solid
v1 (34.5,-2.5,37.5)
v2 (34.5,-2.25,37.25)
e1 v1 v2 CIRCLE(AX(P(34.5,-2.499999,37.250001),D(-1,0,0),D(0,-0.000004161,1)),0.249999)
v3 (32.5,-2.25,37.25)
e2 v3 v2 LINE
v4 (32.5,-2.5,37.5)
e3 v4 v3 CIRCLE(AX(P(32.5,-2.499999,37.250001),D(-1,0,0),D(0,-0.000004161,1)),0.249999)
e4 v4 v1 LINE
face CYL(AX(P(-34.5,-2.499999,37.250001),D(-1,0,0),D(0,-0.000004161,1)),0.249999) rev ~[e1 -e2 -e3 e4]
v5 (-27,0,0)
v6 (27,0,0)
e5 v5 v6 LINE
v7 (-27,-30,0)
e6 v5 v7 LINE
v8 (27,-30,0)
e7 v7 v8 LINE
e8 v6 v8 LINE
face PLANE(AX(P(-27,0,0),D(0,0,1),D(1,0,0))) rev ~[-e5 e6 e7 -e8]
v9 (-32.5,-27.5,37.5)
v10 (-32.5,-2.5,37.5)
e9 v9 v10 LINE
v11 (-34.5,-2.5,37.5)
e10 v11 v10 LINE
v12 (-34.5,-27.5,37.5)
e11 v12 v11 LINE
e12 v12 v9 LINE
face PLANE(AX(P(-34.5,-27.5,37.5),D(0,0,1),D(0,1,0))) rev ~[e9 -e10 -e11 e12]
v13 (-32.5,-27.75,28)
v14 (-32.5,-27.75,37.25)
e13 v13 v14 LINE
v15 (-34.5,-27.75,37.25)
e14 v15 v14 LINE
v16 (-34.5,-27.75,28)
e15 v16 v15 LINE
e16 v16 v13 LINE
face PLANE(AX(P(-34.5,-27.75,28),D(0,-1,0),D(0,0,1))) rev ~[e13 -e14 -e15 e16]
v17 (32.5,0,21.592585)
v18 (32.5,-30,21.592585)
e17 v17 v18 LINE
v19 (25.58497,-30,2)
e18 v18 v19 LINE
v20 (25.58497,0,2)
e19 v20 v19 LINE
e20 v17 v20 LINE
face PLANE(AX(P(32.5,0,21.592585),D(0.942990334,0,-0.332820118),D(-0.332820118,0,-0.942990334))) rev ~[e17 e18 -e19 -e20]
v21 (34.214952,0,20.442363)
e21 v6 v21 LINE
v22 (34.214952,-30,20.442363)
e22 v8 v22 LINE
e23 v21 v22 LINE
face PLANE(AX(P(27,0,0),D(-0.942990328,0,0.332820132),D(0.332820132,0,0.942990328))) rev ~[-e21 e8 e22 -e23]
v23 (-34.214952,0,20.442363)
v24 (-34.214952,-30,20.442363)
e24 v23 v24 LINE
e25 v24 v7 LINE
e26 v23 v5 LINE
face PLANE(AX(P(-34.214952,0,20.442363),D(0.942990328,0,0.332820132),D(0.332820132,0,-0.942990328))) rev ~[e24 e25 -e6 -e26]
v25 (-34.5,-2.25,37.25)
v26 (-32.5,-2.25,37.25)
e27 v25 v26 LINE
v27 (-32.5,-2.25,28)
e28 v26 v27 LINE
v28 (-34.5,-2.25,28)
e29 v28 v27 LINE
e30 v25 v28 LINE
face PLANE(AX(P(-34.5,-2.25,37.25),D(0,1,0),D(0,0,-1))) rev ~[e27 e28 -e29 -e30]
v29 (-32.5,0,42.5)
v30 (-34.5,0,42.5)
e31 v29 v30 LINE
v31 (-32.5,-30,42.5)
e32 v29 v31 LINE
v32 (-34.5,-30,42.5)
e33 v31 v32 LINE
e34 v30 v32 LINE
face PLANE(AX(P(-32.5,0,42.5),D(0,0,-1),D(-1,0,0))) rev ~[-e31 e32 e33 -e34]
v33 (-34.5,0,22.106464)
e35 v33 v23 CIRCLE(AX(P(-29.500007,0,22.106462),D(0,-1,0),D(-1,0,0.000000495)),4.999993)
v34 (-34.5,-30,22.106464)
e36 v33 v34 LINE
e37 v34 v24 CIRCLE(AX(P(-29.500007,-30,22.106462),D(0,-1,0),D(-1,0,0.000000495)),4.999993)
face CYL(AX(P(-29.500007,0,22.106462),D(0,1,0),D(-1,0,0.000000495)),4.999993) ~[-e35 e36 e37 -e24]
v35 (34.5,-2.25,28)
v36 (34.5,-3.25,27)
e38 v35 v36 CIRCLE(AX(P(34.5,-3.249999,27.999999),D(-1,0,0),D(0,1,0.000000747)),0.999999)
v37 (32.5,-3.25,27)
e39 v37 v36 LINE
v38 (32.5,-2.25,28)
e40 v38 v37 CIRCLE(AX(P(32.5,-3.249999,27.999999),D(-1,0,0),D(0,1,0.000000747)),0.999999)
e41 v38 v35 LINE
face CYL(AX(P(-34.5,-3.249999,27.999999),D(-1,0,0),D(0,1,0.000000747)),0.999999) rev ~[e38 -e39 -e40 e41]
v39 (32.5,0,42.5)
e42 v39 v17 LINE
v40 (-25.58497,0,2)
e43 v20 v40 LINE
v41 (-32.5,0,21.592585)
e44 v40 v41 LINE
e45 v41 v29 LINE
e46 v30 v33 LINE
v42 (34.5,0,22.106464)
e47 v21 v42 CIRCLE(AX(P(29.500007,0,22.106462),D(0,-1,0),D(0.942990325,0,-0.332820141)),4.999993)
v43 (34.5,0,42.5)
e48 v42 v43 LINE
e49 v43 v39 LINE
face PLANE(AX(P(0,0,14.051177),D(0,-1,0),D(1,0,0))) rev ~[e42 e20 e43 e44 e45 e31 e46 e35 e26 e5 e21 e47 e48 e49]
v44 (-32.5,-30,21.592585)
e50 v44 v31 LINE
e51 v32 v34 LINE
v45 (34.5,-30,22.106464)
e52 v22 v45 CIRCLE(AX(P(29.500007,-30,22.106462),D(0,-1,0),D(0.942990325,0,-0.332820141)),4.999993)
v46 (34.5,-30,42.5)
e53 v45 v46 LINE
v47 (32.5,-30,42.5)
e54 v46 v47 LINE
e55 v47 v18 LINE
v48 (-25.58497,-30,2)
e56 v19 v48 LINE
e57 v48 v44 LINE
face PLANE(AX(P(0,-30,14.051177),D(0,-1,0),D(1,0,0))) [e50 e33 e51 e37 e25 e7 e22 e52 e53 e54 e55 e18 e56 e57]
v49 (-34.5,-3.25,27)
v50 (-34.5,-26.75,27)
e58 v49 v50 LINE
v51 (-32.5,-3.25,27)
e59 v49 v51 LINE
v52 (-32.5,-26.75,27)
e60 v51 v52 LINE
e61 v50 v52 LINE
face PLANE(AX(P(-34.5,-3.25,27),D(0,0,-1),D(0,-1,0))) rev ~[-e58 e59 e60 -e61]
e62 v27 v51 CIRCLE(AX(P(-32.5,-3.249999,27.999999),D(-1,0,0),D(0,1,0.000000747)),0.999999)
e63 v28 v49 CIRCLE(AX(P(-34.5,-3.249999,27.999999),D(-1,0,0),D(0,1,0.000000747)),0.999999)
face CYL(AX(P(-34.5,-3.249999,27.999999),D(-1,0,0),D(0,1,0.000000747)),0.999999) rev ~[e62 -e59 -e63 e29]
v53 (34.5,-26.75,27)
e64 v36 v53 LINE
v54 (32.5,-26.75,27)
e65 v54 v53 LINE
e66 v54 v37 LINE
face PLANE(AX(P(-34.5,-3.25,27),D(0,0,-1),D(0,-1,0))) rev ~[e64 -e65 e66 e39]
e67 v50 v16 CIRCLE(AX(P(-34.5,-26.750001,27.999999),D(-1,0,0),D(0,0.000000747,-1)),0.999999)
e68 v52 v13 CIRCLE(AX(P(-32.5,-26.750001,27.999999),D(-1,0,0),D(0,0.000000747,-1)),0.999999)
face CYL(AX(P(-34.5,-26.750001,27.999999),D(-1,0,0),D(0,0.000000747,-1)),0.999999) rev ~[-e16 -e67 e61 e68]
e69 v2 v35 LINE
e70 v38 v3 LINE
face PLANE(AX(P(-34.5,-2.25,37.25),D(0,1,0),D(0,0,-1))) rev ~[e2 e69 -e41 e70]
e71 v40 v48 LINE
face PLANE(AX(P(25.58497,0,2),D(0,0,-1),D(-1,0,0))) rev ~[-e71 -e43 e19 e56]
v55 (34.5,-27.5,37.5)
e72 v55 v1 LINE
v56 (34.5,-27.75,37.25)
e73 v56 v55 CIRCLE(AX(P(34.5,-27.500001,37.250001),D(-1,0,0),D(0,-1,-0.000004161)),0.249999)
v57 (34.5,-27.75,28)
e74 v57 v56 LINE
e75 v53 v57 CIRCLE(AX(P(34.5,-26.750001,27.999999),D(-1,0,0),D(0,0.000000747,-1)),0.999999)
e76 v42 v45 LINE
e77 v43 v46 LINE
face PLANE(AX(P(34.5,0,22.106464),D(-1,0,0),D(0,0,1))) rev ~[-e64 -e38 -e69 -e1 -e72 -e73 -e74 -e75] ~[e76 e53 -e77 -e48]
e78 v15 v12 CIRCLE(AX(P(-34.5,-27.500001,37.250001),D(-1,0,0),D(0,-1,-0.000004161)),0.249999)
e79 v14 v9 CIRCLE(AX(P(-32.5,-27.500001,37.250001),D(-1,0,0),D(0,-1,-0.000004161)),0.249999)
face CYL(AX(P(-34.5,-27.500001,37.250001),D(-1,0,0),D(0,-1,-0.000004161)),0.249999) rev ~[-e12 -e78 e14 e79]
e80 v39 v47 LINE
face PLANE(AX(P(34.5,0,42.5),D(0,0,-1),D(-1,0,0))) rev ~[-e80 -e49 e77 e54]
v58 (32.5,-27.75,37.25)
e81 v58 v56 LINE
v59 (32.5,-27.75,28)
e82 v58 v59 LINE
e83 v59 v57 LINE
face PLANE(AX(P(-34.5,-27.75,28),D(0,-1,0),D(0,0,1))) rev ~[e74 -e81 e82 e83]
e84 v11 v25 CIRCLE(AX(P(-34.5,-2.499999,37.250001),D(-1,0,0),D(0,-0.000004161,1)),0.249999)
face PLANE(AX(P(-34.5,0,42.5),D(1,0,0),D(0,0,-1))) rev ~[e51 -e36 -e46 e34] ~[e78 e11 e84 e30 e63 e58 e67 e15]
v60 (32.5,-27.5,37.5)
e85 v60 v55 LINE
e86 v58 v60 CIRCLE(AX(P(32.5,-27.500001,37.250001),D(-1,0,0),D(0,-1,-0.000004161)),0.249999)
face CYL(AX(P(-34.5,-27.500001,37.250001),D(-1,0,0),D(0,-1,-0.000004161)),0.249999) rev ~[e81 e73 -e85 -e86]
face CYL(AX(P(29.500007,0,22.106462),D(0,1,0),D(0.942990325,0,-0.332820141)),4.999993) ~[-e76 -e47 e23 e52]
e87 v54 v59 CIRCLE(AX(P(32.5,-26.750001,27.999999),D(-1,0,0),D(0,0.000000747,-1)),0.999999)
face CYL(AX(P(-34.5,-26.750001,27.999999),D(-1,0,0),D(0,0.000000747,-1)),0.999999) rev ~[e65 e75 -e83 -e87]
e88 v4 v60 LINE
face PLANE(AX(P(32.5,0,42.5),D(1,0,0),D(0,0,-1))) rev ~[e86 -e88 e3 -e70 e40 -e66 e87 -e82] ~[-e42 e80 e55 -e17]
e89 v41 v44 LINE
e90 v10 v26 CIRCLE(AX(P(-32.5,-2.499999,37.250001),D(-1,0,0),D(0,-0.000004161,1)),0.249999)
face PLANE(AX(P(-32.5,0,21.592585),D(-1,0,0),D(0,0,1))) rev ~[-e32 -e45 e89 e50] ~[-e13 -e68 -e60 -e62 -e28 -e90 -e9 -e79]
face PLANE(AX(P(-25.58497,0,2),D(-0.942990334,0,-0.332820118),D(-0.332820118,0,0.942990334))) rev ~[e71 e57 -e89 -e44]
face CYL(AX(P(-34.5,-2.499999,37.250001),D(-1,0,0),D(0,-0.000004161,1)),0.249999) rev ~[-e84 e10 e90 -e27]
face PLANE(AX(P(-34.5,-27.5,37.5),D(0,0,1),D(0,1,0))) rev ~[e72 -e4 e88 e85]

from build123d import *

# Parameters (mm, degrees)
F1_DEPTH = 30
F3_DEPTH = 70


with BuildPart() as f1:
    # F0 (on Front) → F1 (new body)
    with BuildSketch(Plane.XZ):
        with BuildLine():
            Line((-27, 0), (0, 0))
            Line((0, 0), (27, 0))
            Line((27, 0), (34.214952, 20.442363))
            ThreePointArc((34.214952, 20.442363), (34.428223, 21.262295), (34.5, 22.106464))
            Line((34.5, 22.106464), (34.5, 42.5))
            Line((34.5, 42.5), (32.5, 42.5))
            Line((32.5, 42.5), (32.5, 21.592585))
            Line((32.5, 21.592585), (25.58497, 2))
            Line((25.58497, 2), (0, 2))
            Line((0, 2), (-25.58497, 2))
            Line((-25.58497, 2), (-32.5, 21.592585))
            Line((-32.5, 21.592585), (-32.5, 42.5))
            Line((-32.5, 42.5), (-34.5, 42.5))
            Line((-34.5, 42.5), (-34.5, 22.106464))
            ThreePointArc((-34.5, 22.106464), (-34.428223, 21.262295), (-34.214952, 20.442363))
            Line((-34.214952, 20.442363), (-27, 0))
        make_face()
    extrude(amount=F1_DEPTH)

    # F2 (on face) → F3 (cut)
    with BuildSketch(Plane(origin=(-34.5, 0, 0), x_dir=(0, -1, 0), z_dir=(-1, 0, 0))):
        with BuildLine():
            ThreePointArc((2.5, 37.5), (2.323223, 37.426777), (2.25, 37.25))
            Line((2.25, 37.25), (2.25, 28))
            ThreePointArc((2.25, 28), (2.542893, 27.292893), (3.25, 27))
            Line((3.25, 27), (26.75, 27))
            ThreePointArc((26.75, 27), (27.457107, 27.292893), (27.75, 28))
            Line((27.75, 28), (27.75, 37.25))
            ThreePointArc((27.75, 37.25), (27.676777, 37.426777), (27.5, 37.5))
            Line((27.5, 37.5), (2.5, 37.5))
        make_face()
    extrude(amount=-F3_DEPTH, mode=Mode.SUBTRACT)


solid = f1.part
